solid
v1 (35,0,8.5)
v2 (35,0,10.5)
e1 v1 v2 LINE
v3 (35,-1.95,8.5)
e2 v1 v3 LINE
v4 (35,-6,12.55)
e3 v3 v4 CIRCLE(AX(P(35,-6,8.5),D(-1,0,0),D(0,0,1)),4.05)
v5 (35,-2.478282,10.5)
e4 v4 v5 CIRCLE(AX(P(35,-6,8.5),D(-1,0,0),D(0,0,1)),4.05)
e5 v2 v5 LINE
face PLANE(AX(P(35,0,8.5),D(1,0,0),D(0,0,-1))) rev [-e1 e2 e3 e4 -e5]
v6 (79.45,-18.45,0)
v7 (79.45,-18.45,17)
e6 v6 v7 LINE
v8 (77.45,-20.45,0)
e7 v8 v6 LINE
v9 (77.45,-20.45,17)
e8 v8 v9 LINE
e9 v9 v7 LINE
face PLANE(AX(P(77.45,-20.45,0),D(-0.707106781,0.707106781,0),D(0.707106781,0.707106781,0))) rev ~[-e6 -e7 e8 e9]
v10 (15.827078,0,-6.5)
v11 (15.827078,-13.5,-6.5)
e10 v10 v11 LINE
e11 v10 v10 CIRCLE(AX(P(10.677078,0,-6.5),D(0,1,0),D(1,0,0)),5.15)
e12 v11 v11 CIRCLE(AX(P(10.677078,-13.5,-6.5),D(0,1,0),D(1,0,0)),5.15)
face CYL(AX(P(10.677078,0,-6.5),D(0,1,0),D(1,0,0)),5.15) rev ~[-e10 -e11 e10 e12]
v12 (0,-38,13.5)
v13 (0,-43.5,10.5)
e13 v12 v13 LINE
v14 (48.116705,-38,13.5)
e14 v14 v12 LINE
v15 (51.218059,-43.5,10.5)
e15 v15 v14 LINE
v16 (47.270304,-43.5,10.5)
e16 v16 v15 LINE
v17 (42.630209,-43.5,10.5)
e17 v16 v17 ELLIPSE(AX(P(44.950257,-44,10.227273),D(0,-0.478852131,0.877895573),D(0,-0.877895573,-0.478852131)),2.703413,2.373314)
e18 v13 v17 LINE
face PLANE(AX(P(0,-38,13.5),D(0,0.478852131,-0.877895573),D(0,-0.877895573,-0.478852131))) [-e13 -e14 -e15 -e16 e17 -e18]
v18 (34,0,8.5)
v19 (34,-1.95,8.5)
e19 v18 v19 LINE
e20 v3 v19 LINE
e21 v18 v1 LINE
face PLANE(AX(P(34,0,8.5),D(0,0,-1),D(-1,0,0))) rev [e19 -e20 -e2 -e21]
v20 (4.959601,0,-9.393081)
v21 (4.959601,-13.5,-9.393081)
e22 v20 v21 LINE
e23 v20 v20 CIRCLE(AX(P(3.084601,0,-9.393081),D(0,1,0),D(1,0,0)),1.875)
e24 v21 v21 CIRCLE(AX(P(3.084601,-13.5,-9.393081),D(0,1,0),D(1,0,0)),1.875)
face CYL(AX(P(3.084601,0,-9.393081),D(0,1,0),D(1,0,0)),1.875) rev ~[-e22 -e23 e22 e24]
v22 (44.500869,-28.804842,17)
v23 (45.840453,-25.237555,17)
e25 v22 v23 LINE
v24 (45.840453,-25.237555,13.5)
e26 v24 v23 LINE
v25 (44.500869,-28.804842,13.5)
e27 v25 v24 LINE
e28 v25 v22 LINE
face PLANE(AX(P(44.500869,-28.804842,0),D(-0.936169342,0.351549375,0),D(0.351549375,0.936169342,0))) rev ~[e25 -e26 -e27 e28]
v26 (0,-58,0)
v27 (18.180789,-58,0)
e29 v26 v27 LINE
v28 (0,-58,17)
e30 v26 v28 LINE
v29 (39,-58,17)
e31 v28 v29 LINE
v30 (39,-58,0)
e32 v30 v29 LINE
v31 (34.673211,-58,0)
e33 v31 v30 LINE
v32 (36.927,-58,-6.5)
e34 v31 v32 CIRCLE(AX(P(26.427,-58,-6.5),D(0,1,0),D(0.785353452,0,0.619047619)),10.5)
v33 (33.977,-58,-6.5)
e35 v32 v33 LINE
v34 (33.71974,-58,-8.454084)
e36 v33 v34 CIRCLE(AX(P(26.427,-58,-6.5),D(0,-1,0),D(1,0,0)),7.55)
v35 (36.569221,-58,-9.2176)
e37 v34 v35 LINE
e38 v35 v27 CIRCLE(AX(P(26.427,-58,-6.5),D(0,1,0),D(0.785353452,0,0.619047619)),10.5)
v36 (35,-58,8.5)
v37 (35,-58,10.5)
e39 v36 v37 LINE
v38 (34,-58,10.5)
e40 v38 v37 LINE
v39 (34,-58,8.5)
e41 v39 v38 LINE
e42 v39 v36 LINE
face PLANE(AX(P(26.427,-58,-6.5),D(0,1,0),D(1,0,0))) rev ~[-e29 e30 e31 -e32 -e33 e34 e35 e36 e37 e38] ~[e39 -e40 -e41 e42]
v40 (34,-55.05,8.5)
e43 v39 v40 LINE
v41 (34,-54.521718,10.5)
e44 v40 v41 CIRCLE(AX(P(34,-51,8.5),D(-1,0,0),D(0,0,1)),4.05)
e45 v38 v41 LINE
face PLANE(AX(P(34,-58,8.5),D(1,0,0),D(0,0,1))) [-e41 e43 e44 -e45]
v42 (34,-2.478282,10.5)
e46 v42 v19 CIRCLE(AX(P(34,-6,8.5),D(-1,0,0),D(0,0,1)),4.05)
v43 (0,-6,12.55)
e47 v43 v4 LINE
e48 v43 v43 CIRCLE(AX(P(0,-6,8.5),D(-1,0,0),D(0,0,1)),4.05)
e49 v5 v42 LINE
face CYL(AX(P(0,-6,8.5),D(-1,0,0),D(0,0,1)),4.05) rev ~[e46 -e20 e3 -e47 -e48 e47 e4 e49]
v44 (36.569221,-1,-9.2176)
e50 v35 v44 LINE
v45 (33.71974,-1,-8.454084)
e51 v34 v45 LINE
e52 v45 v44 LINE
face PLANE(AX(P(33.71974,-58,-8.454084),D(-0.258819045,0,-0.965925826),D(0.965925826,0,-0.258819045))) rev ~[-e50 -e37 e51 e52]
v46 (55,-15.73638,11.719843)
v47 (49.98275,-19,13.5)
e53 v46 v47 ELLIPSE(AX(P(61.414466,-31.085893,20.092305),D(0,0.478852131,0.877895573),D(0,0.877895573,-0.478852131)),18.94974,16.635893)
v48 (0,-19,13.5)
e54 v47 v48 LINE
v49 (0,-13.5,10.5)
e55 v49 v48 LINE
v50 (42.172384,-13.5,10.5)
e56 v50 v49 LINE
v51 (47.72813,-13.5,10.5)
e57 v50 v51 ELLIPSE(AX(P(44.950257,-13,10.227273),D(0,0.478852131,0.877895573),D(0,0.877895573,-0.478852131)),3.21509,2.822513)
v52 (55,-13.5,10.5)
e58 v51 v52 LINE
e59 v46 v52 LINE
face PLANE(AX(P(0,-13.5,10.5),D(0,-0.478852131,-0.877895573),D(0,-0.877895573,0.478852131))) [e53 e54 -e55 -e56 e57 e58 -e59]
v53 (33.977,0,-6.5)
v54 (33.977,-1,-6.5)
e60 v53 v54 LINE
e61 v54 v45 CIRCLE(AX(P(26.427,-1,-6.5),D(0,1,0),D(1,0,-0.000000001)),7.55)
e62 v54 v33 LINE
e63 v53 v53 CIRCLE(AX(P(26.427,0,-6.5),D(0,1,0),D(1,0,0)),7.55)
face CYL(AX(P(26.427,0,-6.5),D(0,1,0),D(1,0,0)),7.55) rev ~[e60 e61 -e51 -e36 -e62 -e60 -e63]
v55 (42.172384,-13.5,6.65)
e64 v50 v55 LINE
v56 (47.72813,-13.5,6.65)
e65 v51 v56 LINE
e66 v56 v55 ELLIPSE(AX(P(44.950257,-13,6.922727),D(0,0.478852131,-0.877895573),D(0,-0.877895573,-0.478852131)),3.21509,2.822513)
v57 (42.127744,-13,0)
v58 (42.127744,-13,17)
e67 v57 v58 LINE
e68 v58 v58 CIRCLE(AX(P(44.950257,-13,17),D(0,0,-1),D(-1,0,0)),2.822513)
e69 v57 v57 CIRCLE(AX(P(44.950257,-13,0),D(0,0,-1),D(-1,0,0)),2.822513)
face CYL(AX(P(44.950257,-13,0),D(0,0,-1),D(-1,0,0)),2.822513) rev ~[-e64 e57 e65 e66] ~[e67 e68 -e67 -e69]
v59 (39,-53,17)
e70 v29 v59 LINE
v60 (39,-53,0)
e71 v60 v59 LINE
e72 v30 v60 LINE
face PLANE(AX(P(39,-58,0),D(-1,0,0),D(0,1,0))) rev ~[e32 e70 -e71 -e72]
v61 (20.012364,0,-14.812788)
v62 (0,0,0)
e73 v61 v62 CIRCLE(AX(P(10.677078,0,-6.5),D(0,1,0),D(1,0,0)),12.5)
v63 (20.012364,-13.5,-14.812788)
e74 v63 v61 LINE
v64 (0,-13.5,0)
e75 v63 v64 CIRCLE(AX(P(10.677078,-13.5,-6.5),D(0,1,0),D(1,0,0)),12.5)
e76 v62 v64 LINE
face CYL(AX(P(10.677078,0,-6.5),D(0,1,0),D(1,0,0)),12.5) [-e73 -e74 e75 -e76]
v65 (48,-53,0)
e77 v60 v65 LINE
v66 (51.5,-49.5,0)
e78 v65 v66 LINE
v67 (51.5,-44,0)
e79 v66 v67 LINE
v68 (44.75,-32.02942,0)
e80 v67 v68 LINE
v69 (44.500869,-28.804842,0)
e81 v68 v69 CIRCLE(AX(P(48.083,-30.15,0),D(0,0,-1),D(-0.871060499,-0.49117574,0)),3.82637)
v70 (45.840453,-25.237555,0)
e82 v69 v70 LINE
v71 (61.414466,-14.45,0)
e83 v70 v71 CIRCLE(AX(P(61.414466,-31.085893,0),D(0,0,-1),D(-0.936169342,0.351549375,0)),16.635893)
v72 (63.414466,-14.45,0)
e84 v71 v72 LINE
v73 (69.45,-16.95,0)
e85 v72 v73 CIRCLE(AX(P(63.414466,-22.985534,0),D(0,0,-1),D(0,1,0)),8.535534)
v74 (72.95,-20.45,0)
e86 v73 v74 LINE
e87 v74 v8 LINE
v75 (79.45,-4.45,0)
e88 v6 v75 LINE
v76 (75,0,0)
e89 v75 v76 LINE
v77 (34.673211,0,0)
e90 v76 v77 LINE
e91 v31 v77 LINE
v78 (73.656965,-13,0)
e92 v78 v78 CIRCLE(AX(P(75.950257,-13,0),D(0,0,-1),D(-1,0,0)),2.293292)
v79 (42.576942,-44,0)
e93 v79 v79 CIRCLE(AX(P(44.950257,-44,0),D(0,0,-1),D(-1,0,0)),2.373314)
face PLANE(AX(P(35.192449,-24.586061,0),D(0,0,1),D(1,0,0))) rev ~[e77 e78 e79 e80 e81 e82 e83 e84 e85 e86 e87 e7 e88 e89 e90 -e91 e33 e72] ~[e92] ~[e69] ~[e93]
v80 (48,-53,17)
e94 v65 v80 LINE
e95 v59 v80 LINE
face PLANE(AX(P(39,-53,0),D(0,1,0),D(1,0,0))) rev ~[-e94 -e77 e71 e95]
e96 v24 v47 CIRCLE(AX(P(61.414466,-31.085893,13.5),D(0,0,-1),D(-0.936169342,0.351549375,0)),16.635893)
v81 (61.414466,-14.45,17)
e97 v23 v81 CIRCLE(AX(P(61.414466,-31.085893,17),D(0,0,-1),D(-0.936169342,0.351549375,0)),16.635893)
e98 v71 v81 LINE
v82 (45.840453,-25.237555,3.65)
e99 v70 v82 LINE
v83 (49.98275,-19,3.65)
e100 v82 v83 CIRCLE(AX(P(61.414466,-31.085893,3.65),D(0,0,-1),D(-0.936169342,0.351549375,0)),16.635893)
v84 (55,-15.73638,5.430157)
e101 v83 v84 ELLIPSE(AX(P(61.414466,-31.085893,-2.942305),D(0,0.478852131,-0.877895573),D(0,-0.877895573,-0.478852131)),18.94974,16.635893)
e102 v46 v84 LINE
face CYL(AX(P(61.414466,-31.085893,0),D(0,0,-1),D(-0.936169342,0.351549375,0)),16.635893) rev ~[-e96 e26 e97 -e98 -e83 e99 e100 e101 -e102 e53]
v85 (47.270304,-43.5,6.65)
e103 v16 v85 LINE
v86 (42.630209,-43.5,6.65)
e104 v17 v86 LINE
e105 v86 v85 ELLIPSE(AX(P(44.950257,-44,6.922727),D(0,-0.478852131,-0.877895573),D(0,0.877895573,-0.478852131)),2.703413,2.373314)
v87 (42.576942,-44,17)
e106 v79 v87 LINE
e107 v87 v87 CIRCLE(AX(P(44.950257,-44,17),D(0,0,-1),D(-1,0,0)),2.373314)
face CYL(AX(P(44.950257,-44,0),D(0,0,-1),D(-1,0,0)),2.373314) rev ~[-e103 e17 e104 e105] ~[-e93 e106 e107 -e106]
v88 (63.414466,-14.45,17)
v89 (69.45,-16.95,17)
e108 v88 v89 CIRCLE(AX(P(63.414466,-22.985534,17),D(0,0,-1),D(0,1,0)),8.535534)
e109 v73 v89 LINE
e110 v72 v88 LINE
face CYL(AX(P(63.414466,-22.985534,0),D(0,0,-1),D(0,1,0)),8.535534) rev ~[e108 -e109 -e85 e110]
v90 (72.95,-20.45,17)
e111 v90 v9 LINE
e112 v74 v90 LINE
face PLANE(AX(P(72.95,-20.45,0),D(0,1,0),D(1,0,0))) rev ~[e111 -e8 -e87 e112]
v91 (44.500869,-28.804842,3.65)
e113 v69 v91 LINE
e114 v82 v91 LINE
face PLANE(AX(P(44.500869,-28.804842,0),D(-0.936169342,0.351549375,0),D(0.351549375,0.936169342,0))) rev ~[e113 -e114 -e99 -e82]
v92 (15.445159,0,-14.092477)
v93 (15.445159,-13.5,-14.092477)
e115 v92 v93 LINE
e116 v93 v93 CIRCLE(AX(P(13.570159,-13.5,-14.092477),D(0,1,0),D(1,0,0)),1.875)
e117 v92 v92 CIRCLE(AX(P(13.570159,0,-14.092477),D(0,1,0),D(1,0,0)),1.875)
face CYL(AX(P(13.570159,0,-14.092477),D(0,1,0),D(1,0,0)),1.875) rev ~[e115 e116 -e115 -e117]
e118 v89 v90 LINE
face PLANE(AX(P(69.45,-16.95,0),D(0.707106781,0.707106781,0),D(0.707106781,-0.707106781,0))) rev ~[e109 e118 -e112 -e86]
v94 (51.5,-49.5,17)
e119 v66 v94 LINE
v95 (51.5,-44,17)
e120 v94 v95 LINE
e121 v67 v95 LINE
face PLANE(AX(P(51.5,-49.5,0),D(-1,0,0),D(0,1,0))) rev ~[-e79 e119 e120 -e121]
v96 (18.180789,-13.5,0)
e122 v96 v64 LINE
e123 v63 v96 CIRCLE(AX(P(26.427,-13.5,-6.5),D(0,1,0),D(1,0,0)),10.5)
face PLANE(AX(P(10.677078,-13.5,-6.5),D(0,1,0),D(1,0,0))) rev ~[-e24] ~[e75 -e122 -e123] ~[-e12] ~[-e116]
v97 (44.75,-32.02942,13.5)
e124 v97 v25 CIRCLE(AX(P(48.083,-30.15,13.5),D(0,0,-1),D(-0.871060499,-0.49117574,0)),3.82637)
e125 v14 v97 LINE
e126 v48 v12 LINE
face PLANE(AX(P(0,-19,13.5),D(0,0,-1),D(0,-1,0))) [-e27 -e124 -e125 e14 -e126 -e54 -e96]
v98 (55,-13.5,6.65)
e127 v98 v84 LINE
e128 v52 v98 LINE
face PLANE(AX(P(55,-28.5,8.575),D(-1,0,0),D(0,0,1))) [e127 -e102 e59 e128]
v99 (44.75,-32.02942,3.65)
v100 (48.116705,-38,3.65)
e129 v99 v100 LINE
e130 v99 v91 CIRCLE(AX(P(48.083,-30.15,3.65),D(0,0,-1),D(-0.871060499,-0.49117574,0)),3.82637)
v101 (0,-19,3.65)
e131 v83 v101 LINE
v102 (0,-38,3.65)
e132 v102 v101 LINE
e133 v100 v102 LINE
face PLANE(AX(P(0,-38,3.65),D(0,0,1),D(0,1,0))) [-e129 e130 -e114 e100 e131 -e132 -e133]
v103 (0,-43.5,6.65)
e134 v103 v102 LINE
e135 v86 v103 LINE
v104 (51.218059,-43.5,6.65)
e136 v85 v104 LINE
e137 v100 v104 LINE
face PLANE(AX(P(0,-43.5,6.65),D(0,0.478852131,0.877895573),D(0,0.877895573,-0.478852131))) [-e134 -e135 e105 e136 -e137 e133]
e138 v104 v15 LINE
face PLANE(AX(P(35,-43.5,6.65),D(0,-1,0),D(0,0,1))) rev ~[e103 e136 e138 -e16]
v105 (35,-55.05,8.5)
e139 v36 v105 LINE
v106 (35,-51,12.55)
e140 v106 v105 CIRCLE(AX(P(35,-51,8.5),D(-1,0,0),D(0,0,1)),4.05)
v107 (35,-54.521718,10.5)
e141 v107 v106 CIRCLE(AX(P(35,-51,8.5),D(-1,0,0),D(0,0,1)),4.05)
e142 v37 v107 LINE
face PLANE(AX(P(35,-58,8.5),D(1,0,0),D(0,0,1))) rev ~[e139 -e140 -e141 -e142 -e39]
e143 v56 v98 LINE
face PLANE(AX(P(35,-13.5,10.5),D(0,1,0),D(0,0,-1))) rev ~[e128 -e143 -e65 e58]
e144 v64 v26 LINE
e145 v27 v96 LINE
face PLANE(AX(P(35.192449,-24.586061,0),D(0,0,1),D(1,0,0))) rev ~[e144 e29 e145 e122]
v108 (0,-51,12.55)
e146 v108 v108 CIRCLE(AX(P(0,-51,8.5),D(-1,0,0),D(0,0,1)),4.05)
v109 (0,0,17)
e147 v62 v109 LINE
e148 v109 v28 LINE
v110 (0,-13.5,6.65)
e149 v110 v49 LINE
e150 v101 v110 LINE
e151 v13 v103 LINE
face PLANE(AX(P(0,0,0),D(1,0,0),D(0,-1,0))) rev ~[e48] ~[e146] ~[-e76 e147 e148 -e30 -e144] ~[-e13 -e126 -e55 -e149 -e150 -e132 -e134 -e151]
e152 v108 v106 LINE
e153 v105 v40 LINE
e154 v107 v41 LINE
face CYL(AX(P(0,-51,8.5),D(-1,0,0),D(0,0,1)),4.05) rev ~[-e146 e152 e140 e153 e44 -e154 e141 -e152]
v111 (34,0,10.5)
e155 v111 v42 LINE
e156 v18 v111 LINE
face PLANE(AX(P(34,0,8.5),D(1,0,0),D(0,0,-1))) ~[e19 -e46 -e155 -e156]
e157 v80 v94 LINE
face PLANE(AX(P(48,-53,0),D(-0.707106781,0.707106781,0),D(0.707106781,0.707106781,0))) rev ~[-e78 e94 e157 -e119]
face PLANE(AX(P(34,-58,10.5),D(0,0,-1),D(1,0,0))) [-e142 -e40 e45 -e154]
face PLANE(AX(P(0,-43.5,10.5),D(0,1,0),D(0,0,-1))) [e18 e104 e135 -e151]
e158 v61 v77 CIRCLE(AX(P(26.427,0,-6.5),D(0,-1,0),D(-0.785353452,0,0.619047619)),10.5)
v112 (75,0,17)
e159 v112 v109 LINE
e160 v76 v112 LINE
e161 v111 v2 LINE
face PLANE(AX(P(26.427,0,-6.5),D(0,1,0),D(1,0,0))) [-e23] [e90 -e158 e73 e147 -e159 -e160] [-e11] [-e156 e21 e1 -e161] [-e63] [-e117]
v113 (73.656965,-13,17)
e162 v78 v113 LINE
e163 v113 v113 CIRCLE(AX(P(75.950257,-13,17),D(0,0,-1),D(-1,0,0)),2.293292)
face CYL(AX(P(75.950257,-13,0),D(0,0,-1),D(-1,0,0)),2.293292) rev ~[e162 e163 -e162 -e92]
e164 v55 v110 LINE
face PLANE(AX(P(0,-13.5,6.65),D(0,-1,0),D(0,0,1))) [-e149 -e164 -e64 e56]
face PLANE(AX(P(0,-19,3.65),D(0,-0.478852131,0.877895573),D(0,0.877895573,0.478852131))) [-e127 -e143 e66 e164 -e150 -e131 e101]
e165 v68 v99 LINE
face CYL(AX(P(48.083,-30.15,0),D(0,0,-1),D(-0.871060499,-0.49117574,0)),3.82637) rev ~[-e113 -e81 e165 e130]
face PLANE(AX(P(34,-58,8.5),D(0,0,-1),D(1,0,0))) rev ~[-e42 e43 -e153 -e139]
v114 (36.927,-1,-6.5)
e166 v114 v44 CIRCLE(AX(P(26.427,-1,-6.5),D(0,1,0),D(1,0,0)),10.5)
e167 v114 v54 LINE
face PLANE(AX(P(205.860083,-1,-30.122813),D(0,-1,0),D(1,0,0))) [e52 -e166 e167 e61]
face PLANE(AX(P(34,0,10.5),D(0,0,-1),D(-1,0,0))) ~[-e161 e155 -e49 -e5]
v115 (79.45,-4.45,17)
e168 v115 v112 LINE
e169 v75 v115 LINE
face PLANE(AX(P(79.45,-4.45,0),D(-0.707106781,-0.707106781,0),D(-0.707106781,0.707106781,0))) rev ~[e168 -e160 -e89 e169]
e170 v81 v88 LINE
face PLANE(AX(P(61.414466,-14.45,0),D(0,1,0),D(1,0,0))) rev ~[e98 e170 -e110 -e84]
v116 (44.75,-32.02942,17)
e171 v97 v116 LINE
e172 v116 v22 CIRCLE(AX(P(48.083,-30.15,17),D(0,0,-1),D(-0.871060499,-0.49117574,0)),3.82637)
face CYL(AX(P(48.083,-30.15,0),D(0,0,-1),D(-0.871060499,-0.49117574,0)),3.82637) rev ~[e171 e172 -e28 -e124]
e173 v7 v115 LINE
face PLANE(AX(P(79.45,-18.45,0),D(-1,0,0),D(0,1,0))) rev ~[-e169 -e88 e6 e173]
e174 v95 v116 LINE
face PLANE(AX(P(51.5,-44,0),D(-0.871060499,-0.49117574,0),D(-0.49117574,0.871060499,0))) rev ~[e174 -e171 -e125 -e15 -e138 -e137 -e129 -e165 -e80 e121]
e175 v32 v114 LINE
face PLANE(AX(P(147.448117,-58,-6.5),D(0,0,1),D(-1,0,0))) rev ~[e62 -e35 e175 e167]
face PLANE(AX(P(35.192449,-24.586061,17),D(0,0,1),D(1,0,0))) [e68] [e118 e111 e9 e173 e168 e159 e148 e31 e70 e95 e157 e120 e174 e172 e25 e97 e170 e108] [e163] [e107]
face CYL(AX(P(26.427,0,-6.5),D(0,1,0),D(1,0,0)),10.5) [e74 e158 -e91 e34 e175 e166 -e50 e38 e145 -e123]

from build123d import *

# Parameters (mm, degrees)
BOSS_EXTRUDE1_DEPTH     = 17
SKETCH2_R               = 10.5
BOSS_EXTRUDE2_DEPTH     = 58
SKETCH3_R               = 12.5
BOSS_EXTRUDE3_DEPTH     = 13.5
SKETCH4_R               = 7.55
SKETCH4_R_2             = 5.15
CUT_EXTRUDE1_DEPTH      = 59
SKETCH5_R               = 4.05
CUT_EXTRUDE2_DEPTH      = 35
SKETCH6_R               = 2.293291756
SKETCH6_R_2             = 2.82251293
SKETCH6_R_3             = 2.373314239
CUT_EXTRUDE3_DEPTH      = 18
CUT_EXTRUDE4_DEPTH      = 20
SKETCH10_R              = 1.875
CUT_EXTRUDE6_DEPTH      = 59
SKETCH11_W              = 1
SKETCH11_H              = 2
CUT_EXTRUDE7_DEPTH      = 8
CUT_EXTRUDE9_DEPTH      = 1
CUT_EXTRUDE9_DEPTH_BACK = 57


with BuildPart() as part:
    # Sketch1 → Boss-Extrude1 (new body)
    with BuildSketch(Plane.XY):
        with BuildLine():
            Line((39, -53), (48, -53))
            Line((48, -53), (51.5, -49.5))
            Line((51.5, -49.5), (51.5, -44))
            Line((51.5, -44), (44.75, -32.029420251))
            ThreePointArc((44.75, -32.029420251), (44.267998826, -30.444746543), (44.500869457, -28.804841922))
            Line((44.500869457, -28.804841922), (45.840453499, -25.237554933))
            ThreePointArc((45.840453499, -25.237554933), (51.941858088, -17.410271227), (61.414466094, -14.45))
            Line((61.414466094, -14.45), (63.414466094, -14.45))
            ThreePointArc((63.414466094, -14.45), (66.680873506, -15.099728831), (69.45, -16.95))
            Line((69.45, -16.95), (72.95, -20.45))
            Line((72.95, -20.45), (77.45, -20.45))
            Line((77.45, -20.45), (79.45, -18.45))
            Line((79.45, -18.45), (79.45, -4.45))
            Line((79.45, -4.45), (75, 0))
            Line((75, 0), (39, 0))
            Line((39, 0), (0, 0))
            Line((0, 0), (0, -58))
            Line((0, -58), (39, -58))
            Line((39, -58), (39, -53))
        make_face()
    extrude(amount=BOSS_EXTRUDE1_DEPTH)

    # Sketch2 → Boss-Extrude2 (add)
    with BuildSketch(Plane(origin=(0, 0, 0), x_dir=(1, 0, 0), z_dir=(0, 1, 0))):
        with Locations((26.427, 6.5)):
            Circle(SKETCH2_R)
    extrude(amount=-BOSS_EXTRUDE2_DEPTH)

    # Sketch3 → Boss-Extrude3 (add)
    with BuildSketch(Plane(origin=(0, 0, 0), x_dir=(1, 0, 0), z_dir=(0, 1, 0))):
        with Locations((10.677078252, 6.5)):
            Circle(SKETCH3_R)
    extrude(amount=-BOSS_EXTRUDE3_DEPTH)

    # Sketch4 → Cut-Extrude1 (cut, through all)
    with BuildSketch(Plane(origin=(0, 0, 0), x_dir=(1, 0, 0), z_dir=(0, 1, 0))):
        with Locations((26.427, 6.5)):
            Circle(SKETCH4_R)
        with Locations((10.677078252, 6.5)):
            Circle(SKETCH4_R_2)
    extrude(amount=-CUT_EXTRUDE1_DEPTH, mode=Mode.SUBTRACT)

    # Sketch5 → Cut-Extrude2 (cut)
    with BuildSketch(Plane.ZY):
        with Locations((8.5, -6)):
            Circle(SKETCH5_R)
        with Locations((8.5, -51)):
            Circle(SKETCH5_R)
        Polygon((10.5, -43.5), (6.65, -43.5), (3.65, -38), (3.65, -19), (6.65, -13.5), (10.5, -13.5), (13.5, -19), (13.5, -38), align=None)
    extrude(amount=-CUT_EXTRUDE2_DEPTH, mode=Mode.SUBTRACT)

    # Sketch6 → Cut-Extrude3 (cut, through all)
    with BuildSketch(Plane(origin=(0, 0, 0), x_dir=(-1, 0, 0), z_dir=(0, 0, -1))):
        with Locations((-75.950256659, -13)):
            Circle(SKETCH6_R)
        with Locations((-44.950256659, -13)):
            Circle(SKETCH6_R_2)
        with Locations((-44.950256659, -44)):
            Circle(SKETCH6_R_3)
    extrude(amount=-CUT_EXTRUDE3_DEPTH, mode=Mode.SUBTRACT)

    # Sketch8 → Cut-Extrude4 (cut)
    with BuildSketch(Plane.ZY.offset(-35)):
        Polygon((10.5, -43.5), (13.5, -38), (13.5, -19), (10.5, -13.5), (6.65, -13.5), (3.65, -19), (3.65, -38), (6.65, -43.5), align=None)
    extrude(amount=-CUT_EXTRUDE4_DEPTH, mode=Mode.SUBTRACT)

    # Sketch10 → Cut-Extrude6 (cut, through all)
    with BuildSketch(Plane(origin=(0, 0, 0), x_dir=(1, 0, 0), z_dir=(0, 1, 0))):
        with Locations((13.570159095, 14.092477082)):
            Circle(SKETCH10_R)
        with Locations((3.08460117, 9.393080843)):
            Circle(SKETCH10_R)
    extrude(amount=-CUT_EXTRUDE6_DEPTH, mode=Mode.SUBTRACT)

    # Sketch11 → Cut-Extrude7 (cut)
    with BuildSketch(Plane.XZ.offset(58)):
        with Locations((34.5, 9.5)):
            Rectangle(SKETCH11_W, SKETCH11_H)
    cut_extrude7 = extrude(amount=-CUT_EXTRUDE7_DEPTH, mode=Mode.SUBTRACT)

    # Mirror1: Cut-Extrude7 across plane
    add(cut_extrude7.mirror(Plane.ZX.offset(-29)), mode=Mode.SUBTRACT)

    # Sketch13 → Cut-Extrude9 (cut, two sides)
    with BuildSketch(Plane.XZ.offset(58)) as cut_extrude9_sk:
        with BuildLine():
            Line((147.448117004, -6.5), (36.927, -6.5))
            Line((36.927, -6.5), (33.977, -6.5))
            ThreePointArc((33.977, -6.5), (33.912408703, -7.485472751), (33.719739988, -8.454083791))
            Line((33.719739988, -8.454083791), (36.569221176, -9.217599974))
            Line((36.569221176, -9.217599974), (143.32442244, -37.82256994))
            Line((143.32442244, -37.82256994), (362.475609494, -66.674371065))
            Line((362.475609494, -66.674371065), (366.599304057, -35.351801125))
            Line((366.599304057, -35.351801125), (147.448117004, -6.5))
        make_face()
    extrude(amount=CUT_EXTRUDE9_DEPTH, mode=Mode.SUBTRACT)
    extrude(cut_extrude9_sk.sketch, amount=-CUT_EXTRUDE9_DEPTH_BACK, mode=Mode.SUBTRACT)


solid = part.part
